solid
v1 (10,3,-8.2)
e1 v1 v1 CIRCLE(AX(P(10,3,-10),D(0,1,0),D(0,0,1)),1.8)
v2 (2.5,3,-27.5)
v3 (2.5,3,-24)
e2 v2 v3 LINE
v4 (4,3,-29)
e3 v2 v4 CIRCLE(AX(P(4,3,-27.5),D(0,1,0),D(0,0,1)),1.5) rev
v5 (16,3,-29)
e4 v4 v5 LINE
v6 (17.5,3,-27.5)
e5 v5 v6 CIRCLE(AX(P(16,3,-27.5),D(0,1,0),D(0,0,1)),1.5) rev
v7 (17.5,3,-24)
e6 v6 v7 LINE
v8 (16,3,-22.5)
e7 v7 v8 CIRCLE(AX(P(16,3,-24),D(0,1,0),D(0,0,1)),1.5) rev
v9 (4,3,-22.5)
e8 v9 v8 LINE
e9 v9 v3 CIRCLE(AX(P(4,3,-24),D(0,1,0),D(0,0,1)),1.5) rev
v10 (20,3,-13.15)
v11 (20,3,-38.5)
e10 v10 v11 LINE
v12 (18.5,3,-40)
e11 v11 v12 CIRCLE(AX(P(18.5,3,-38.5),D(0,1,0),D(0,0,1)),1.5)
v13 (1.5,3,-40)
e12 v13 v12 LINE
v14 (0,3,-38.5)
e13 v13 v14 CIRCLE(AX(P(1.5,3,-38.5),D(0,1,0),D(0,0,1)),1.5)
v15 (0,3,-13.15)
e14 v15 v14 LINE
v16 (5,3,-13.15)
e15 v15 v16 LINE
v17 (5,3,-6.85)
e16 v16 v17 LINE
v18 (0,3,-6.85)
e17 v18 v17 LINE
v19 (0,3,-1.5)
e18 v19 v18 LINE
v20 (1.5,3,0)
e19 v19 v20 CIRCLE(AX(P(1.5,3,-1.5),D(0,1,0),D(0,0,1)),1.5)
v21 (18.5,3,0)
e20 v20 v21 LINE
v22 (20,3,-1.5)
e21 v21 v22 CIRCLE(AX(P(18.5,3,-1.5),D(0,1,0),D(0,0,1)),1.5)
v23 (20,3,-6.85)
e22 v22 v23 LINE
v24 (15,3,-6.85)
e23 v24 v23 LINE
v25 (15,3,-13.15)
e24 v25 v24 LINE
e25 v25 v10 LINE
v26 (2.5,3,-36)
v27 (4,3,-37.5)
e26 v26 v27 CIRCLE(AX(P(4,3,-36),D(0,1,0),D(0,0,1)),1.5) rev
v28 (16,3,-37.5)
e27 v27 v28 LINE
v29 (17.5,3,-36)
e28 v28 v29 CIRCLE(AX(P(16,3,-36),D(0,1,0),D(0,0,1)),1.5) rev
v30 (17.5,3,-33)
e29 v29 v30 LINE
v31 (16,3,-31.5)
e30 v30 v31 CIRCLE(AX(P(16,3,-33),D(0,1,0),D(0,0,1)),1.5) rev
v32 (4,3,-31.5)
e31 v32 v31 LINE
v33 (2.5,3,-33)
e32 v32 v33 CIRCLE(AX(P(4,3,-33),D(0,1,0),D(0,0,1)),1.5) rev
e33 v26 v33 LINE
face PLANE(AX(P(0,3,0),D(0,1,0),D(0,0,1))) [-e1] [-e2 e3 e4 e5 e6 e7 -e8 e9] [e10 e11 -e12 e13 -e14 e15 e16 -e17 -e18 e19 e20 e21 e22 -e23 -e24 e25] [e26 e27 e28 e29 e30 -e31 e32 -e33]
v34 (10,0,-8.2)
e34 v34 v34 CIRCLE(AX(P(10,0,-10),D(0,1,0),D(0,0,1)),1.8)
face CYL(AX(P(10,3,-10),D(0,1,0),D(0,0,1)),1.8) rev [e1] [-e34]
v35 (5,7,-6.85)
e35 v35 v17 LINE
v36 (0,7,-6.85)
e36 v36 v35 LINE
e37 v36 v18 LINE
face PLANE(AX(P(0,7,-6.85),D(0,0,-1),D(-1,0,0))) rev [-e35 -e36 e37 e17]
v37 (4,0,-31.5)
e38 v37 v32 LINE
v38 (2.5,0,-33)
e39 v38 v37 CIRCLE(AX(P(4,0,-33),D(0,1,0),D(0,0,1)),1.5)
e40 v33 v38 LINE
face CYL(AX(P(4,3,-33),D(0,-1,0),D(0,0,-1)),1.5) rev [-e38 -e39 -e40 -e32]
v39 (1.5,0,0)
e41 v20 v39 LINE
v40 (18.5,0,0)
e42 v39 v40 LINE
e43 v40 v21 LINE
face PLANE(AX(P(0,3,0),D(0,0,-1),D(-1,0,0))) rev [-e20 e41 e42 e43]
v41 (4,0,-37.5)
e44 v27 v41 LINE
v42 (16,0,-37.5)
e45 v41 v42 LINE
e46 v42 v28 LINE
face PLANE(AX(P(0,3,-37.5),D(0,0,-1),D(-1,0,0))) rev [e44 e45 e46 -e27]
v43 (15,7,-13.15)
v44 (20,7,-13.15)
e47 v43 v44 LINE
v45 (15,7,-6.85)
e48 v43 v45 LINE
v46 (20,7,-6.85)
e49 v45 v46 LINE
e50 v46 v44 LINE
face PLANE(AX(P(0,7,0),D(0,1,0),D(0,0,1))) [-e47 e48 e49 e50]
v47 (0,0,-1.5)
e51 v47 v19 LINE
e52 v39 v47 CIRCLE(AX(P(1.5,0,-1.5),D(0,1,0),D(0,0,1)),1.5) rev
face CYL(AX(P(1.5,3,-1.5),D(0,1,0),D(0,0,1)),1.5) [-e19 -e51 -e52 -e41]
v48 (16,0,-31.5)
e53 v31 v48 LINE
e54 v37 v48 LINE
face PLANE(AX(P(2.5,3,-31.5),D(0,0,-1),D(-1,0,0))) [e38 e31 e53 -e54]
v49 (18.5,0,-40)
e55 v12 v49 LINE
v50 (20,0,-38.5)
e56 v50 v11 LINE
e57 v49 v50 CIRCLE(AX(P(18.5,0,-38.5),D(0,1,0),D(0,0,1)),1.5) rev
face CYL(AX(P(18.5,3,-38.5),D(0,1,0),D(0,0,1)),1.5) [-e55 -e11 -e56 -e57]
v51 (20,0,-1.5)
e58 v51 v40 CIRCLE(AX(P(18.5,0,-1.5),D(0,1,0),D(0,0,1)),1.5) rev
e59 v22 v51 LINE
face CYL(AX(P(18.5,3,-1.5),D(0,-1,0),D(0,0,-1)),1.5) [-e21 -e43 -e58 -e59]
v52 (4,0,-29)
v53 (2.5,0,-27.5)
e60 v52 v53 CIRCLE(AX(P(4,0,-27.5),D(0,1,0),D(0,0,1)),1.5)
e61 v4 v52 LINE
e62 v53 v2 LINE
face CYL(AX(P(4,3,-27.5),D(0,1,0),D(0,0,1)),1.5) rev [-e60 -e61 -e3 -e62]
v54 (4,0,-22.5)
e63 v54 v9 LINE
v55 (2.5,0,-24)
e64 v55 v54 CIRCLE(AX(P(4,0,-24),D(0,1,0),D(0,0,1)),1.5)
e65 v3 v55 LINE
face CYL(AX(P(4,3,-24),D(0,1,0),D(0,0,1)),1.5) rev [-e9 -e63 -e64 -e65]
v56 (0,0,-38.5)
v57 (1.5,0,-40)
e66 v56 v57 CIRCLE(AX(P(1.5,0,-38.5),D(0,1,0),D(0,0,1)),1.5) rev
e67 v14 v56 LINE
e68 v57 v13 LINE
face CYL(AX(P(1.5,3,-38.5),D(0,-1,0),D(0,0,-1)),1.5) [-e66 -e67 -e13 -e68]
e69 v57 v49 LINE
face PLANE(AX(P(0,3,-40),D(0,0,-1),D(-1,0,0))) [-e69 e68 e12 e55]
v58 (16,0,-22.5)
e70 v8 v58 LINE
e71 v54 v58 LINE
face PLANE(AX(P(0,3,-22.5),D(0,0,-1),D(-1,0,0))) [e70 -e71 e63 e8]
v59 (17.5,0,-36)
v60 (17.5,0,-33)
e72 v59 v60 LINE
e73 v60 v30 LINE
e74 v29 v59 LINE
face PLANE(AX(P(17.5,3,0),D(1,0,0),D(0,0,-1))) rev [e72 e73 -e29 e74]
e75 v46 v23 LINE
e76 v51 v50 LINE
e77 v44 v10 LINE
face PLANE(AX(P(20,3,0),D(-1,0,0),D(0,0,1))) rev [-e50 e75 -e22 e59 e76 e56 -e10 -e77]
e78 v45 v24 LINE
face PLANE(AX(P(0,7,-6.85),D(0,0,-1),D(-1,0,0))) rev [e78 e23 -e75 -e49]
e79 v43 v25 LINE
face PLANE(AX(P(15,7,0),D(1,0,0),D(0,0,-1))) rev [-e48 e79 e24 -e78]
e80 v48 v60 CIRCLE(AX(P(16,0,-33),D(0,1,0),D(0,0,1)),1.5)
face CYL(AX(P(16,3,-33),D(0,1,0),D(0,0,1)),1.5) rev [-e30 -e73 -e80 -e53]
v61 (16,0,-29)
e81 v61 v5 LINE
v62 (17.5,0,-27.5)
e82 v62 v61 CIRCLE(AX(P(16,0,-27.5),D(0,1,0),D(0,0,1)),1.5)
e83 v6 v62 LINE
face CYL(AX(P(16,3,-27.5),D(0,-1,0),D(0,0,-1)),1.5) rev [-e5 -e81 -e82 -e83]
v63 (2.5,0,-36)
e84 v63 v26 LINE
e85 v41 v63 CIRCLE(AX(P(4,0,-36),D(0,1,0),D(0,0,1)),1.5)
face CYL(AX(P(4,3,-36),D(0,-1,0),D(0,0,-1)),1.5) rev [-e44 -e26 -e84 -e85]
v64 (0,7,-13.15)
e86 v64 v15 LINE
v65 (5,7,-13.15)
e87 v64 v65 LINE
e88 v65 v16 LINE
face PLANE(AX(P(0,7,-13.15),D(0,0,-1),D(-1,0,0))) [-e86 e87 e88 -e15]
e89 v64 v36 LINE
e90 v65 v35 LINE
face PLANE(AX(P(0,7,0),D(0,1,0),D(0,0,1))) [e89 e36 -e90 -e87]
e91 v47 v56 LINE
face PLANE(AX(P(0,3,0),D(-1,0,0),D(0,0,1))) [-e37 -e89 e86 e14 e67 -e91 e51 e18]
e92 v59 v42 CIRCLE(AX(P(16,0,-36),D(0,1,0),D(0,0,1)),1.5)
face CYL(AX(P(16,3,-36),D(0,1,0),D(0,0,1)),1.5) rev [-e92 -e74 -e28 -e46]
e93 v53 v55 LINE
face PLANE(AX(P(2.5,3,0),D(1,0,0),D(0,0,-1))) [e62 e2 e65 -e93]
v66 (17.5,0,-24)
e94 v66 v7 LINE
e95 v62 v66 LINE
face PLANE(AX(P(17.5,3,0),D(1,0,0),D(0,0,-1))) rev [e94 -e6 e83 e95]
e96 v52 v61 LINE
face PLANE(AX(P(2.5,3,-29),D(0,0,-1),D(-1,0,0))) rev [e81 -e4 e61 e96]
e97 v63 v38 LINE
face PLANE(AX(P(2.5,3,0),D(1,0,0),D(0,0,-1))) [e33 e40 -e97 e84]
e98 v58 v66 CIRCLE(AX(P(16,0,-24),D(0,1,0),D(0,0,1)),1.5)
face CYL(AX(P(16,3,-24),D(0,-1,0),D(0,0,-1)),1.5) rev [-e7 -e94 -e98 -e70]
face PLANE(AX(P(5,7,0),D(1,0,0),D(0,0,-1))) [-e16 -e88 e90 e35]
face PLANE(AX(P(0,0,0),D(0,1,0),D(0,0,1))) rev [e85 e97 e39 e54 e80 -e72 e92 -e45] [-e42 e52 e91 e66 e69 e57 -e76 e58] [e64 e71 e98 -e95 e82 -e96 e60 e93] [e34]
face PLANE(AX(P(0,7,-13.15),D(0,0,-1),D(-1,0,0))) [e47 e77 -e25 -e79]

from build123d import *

# Parameters (mm, degrees)
SKETCH1_W                = 20
SKETCH1_H                = 40
SKETCH1_W_2              = 15
SKETCH1_H_2              = 15
SKETCH1_H_3              = 2.5
BOSS_EXTRUDE1_DEPTH      = 3
SKETCH2_W                = 5
SKETCH2_H                = 6.3
BOSS_EXTRUDE2_DEPTH      = 4
M3_CLEARANCE_HOLE1_D     = 3.6
M3_CLEARANCE_HOLE1_DEPTH = 10
M3_CLEARANCE_HOLE1_TIP   = 1.081549114
FILLET1_R                = 1.5


with BuildPart() as part:
    # Sketch1 → Boss-Extrude1 (new body)
    # profile 1 of 2: a face of its own
    with BuildSketch(Plane(origin=(0, 0, 0), x_dir=(1, 0, 0), z_dir=(0, 1, 0))):
        with Locations((10, 20)):
            Rectangle(SKETCH1_W, SKETCH1_H)
        with Locations((10, 30)):
            Rectangle(SKETCH1_W_2, SKETCH1_H_2, mode=Mode.SUBTRACT)
    # profile 2 of 2: a face of its own
    with BuildSketch(Plane(origin=(0, 0, 0), x_dir=(1, 0, 0), z_dir=(0, 1, 0))):
        with Locations((10, 30.25)):
            Rectangle(SKETCH1_W_2, SKETCH1_H_3)
    extrude(amount=BOSS_EXTRUDE1_DEPTH)

    # Sketch2 → Boss-Extrude2 (add)
    with BuildSketch(Plane(origin=(0, 3, 0), x_dir=(1, 0, 0), z_dir=(0, 1, 0))):
        with Locations((2.5, 10)):
            Rectangle(SKETCH2_W, SKETCH2_H)
        with Locations((17.5, 10)):
            Rectangle(SKETCH2_W, SKETCH2_H)
    extrude(amount=BOSS_EXTRUDE2_DEPTH)

    # M3 Clearance Hole1
    with Locations(Plane(origin=(0, 3, 0), x_dir=(1, 0, 0), z_dir=(0, 1, 0))):
        with Locations((10, 10)):
            Hole(M3_CLEARANCE_HOLE1_D / 2, depth=M3_CLEARANCE_HOLE1_DEPTH)
            with Locations((0, 0, -(M3_CLEARANCE_HOLE1_DEPTH + M3_CLEARANCE_HOLE1_TIP / 2))):  # 118° drill point
                Cone(0, M3_CLEARANCE_HOLE1_D / 2, M3_CLEARANCE_HOLE1_TIP, mode=Mode.SUBTRACT)

    # Fillet1
    fillet1_edges = [part.edges().sort_by_distance(p)[0] for p in [
        (2.5, 1.5, -37.5),
        (2.5, 1.5, -22.5),
        (17.5, 1.5, -22.5),
        (17.5, 1.5, -37.5),
        (0, 1.5, 0),
        (0, 1.5, -40),
        (20, 1.5, -40),
        (20, 1.5, 0),
        (2.5, 1.5, -31.5),
        (2.5, 1.5, -29),
        (17.5, 1.5, -31.5),
        (17.5, 1.5, -29),
    ]]
    fillet(fillet1_edges, radius=FILLET1_R)


solid = part.part
